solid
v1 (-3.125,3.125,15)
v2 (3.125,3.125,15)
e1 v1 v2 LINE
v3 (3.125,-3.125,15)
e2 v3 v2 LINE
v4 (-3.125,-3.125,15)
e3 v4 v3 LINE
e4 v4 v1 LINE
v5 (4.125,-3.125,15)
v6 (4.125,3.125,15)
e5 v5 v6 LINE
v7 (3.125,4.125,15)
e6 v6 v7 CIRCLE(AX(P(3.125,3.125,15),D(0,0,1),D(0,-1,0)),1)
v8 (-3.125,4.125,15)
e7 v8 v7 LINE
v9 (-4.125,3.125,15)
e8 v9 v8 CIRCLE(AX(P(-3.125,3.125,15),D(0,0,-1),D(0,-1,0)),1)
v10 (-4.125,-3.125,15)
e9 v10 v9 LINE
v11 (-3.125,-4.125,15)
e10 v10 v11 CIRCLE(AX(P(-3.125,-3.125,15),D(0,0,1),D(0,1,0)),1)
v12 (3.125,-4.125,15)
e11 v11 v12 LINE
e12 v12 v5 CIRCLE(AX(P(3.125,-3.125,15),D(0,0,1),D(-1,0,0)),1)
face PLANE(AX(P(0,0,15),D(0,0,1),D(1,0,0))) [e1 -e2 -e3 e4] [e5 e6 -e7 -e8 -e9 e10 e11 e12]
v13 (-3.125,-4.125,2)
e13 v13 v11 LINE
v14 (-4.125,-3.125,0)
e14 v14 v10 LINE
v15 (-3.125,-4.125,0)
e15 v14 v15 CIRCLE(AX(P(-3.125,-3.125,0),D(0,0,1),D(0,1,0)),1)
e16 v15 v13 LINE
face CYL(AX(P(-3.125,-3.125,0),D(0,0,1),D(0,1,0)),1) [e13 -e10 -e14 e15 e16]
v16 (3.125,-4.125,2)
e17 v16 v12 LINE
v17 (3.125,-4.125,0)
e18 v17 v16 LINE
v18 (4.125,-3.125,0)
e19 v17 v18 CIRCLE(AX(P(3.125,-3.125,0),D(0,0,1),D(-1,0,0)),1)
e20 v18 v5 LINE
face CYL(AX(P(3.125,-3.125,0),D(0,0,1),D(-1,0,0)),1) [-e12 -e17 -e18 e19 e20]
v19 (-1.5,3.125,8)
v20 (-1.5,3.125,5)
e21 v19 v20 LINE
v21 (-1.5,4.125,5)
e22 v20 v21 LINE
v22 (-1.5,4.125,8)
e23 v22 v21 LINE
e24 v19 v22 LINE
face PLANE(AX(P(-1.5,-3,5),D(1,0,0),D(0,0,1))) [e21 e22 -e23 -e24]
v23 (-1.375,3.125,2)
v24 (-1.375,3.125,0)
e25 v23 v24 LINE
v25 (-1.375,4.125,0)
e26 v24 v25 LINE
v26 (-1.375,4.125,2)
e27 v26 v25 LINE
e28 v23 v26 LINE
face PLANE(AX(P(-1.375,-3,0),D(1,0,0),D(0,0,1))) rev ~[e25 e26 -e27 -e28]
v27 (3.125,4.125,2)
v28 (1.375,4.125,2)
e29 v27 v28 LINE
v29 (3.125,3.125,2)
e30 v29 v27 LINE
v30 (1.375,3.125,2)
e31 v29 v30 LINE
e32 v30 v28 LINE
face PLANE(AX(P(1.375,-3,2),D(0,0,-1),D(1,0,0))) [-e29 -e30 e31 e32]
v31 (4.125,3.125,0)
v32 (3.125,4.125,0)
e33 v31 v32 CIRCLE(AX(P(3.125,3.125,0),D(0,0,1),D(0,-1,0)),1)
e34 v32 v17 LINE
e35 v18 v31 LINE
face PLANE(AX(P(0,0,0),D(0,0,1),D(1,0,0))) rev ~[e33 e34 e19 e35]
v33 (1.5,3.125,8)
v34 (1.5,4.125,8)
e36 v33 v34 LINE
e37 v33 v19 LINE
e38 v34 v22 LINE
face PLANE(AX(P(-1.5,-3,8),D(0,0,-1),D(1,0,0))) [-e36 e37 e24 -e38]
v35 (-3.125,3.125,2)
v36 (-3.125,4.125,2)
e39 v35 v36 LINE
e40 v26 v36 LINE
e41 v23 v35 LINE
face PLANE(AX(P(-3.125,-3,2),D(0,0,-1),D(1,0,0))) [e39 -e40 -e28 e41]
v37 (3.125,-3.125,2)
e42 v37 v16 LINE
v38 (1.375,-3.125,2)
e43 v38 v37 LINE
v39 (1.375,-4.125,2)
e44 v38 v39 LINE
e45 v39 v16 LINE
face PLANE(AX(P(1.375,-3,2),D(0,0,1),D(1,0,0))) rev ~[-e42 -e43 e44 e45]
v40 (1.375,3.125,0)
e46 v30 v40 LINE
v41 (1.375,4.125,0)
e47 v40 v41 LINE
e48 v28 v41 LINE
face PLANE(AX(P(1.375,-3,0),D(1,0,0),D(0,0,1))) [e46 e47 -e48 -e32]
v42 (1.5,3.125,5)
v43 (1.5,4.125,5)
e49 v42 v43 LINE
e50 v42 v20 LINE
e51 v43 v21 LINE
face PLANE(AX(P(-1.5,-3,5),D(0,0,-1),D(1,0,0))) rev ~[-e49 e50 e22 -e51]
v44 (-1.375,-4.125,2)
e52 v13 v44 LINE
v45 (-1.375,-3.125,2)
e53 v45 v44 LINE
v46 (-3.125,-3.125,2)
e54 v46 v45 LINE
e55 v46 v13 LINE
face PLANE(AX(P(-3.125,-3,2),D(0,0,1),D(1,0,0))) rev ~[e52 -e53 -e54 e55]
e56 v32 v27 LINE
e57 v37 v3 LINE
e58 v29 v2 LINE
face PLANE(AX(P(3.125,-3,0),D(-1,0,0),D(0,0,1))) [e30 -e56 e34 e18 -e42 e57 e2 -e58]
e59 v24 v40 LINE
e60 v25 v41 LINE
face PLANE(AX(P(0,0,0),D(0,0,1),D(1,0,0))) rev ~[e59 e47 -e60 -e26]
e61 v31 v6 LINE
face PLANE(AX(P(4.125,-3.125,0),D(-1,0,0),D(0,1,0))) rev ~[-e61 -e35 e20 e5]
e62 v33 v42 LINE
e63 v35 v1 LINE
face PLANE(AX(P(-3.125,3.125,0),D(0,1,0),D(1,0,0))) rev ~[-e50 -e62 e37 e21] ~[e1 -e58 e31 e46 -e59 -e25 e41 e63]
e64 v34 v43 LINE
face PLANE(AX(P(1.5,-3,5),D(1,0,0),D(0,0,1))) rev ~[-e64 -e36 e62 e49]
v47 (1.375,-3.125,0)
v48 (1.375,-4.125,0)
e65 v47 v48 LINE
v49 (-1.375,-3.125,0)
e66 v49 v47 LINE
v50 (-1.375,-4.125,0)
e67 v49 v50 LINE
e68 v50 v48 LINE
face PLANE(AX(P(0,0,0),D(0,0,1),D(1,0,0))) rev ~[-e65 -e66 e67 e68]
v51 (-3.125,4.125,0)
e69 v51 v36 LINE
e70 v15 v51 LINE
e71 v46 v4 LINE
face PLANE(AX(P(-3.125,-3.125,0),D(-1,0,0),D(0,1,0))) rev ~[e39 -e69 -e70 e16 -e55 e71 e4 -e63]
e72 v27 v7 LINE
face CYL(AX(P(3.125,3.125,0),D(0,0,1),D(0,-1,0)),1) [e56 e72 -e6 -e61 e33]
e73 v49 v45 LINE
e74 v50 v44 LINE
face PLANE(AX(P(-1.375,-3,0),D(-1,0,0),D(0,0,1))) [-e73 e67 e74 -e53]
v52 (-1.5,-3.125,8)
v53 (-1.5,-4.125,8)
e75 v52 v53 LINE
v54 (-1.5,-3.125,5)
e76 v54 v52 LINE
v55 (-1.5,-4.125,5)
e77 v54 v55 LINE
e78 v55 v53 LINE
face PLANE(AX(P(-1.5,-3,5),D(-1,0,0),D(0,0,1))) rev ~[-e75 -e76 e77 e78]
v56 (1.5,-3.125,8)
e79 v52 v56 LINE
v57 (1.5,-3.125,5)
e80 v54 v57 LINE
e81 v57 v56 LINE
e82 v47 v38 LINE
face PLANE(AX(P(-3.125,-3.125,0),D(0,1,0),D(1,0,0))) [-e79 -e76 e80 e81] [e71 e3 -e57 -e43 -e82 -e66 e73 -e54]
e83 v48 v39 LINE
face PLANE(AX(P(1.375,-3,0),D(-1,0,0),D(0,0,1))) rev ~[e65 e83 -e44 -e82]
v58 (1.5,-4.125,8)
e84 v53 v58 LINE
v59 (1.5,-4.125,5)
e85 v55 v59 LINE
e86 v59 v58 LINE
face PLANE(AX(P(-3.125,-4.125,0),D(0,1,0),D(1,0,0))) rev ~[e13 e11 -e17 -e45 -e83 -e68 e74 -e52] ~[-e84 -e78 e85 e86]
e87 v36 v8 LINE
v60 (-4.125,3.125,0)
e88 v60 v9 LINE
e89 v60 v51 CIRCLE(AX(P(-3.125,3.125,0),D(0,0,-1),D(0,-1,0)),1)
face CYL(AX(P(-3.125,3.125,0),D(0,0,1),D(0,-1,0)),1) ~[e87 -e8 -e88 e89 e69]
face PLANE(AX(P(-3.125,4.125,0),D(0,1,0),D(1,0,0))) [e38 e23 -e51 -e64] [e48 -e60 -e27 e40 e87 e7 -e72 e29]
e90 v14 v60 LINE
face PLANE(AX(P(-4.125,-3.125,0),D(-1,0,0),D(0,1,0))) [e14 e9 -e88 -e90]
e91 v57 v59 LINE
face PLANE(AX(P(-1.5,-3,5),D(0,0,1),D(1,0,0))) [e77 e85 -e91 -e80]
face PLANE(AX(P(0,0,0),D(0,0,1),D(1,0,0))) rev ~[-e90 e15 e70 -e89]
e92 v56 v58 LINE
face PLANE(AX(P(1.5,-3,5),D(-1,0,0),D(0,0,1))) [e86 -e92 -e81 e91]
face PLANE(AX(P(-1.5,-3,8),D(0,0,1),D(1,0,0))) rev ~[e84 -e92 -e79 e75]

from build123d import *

# Parameters (mm, degrees)
SKETCH029_W          = 6.25
SKETCH029_H          = 6.25
PAD018_DEPTH         = 15
THICKNESS005_T       = 1
SKETCH030_W          = 1.75
SKETCH030_H          = 2
SKETCH030_W_2        = 3
SKETCH030_H_2        = 3
POCKET006_DEPTH      = 1.126
POCKET006_DEPTH_BACK = 7.126


with BuildPart() as part:
    # Sketch029 → Pad018 (new body)
    with BuildSketch(Plane.XY):
        Rectangle(SKETCH029_W, SKETCH029_H)
    extrude(amount=PAD018_DEPTH)

    # Thickness005
    thickness005_openings = [part.faces().sort_by_distance(p)[0] for p in [
        (0, 0, 15),
        (0, 0, 0),
    ]]
    offset(amount=THICKNESS005_T, openings=thickness005_openings)

    # Sketch030 → Pocket006 (cut, two sides)
    with BuildSketch(Plane.XZ.offset(3)) as pocket006_sk:
        with Locations((-2.25, 1)):
            Rectangle(SKETCH030_W, SKETCH030_H)
        with Locations((2.25, 1)):
            Rectangle(SKETCH030_W, SKETCH030_H)
        with Locations((0, 6.5)):
            Rectangle(SKETCH030_W_2, SKETCH030_H_2)
    extrude(amount=POCKET006_DEPTH, mode=Mode.SUBTRACT)
    extrude(pocket006_sk.sketch, amount=-POCKET006_DEPTH_BACK, mode=Mode.SUBTRACT)


solid = part.part
